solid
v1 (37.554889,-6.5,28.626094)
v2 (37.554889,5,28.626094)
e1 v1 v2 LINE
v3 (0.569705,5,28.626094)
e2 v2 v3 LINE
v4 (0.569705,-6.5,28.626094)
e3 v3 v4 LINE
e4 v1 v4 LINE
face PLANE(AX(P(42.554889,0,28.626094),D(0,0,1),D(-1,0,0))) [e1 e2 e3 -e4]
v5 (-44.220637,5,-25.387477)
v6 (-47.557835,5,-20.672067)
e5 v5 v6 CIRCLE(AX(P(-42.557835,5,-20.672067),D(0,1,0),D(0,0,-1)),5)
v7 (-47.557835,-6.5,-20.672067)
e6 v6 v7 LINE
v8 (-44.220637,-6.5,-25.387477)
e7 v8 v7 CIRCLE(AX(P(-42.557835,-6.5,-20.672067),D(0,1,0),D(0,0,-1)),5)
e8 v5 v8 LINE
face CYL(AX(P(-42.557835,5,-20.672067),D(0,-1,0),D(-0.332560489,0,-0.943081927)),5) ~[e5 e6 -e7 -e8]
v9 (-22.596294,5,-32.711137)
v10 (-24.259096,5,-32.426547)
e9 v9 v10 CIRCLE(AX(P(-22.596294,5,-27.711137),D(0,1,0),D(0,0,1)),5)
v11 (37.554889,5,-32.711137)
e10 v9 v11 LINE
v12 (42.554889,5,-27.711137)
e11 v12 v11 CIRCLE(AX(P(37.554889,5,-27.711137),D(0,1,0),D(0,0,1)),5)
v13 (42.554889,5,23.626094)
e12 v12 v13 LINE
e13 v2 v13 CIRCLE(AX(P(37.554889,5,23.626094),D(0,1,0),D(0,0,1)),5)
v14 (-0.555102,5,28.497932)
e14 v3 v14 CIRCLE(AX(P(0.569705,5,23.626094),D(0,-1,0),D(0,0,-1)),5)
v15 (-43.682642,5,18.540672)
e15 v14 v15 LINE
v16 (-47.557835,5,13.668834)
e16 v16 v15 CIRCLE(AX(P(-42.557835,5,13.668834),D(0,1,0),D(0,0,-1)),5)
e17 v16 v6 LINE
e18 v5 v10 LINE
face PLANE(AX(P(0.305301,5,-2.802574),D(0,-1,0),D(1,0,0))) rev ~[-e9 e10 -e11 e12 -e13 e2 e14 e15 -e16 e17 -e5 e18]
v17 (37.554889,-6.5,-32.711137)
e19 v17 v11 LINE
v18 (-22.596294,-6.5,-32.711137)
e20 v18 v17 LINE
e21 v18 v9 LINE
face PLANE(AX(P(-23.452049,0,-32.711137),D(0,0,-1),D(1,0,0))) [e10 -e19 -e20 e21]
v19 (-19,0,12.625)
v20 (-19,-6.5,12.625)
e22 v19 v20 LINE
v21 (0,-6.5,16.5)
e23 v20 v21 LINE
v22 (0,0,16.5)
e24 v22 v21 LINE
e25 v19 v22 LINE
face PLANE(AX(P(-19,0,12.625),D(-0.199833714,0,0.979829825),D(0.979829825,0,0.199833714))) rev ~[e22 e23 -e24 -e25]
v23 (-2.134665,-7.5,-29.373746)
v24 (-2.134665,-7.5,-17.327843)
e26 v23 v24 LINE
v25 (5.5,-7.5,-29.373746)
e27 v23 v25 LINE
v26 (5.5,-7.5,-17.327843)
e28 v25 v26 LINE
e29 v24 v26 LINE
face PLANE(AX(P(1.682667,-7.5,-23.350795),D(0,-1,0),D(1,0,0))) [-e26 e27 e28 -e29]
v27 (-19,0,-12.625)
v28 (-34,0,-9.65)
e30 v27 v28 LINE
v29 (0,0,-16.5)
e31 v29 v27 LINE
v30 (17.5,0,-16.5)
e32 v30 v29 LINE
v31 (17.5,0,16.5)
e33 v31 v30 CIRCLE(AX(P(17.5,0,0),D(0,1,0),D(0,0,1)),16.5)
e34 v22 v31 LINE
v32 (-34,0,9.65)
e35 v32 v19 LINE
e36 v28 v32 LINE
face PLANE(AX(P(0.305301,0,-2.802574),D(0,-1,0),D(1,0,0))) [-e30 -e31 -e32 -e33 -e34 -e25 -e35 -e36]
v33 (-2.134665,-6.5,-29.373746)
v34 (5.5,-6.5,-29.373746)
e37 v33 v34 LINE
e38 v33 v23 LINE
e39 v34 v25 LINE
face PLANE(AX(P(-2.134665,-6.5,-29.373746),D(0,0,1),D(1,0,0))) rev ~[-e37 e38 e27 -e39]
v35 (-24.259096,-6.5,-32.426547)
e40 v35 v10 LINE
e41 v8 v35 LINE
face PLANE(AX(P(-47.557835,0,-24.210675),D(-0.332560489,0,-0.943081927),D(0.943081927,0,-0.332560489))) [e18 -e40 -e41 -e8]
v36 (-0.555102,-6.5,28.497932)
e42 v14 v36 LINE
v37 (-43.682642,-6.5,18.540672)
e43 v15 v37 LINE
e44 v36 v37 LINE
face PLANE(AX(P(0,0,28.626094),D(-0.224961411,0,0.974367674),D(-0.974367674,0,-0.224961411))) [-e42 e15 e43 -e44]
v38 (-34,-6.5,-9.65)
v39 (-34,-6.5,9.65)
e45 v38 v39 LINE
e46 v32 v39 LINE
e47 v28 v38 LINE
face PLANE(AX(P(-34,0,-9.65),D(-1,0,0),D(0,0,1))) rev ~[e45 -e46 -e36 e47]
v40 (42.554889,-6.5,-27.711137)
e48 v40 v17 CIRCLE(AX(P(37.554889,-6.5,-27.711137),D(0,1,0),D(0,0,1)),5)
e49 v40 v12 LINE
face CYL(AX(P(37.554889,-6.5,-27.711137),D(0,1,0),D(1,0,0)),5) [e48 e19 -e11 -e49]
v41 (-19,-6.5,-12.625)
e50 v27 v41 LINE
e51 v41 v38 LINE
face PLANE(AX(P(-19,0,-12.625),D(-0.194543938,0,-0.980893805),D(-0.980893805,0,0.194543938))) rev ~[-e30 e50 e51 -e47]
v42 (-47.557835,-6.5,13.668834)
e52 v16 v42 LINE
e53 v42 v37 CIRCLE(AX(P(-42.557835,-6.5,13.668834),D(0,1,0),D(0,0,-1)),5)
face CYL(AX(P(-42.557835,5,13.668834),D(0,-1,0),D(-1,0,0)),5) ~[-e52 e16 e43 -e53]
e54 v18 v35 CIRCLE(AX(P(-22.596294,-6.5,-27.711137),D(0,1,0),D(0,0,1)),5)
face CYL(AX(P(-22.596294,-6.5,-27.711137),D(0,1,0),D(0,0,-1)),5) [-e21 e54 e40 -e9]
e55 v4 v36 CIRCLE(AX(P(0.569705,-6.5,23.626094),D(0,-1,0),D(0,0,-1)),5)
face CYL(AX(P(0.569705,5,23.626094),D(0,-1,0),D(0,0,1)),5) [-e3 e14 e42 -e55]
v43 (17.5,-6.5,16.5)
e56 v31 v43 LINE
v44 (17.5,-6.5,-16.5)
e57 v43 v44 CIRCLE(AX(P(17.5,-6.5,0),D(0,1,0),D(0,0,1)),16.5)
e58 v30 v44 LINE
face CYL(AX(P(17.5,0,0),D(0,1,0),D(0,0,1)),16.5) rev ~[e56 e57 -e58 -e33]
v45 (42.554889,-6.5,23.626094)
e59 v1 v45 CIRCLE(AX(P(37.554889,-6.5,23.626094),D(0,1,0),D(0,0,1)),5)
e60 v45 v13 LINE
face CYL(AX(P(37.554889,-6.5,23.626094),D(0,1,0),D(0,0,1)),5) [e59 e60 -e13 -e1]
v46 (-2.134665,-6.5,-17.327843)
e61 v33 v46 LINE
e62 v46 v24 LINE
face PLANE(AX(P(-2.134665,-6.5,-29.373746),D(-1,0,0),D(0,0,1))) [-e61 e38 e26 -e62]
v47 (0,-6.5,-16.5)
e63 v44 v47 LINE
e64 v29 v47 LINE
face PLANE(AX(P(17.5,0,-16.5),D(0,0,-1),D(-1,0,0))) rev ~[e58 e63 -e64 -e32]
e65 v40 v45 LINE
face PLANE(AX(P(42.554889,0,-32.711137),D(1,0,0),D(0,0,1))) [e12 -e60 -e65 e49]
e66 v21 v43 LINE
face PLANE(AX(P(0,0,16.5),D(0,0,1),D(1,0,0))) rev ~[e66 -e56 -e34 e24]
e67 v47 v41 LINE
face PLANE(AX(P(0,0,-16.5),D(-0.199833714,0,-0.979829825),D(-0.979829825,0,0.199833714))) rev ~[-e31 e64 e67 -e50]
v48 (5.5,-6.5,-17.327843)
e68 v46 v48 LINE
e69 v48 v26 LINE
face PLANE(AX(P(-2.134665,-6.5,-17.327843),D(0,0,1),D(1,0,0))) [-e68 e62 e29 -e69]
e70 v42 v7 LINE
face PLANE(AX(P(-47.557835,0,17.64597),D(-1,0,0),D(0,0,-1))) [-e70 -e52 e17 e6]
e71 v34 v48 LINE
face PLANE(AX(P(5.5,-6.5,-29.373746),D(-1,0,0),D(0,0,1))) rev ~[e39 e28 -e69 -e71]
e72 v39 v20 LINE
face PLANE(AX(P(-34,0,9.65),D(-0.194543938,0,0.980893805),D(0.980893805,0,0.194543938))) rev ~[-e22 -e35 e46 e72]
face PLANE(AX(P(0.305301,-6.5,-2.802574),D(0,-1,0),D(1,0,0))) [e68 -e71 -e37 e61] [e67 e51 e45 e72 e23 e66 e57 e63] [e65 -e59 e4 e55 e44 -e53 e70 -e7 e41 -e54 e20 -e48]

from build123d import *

# Parameters (mm, degrees)
F1_DEPTH = 6.5
F2_DEPTH = 5
F3_R     = 5
F4_W     = 7.6346651632
F4_H     = 12.0459031314
F5_DEPTH = 1


with BuildPart() as f1:
    # F0 (on Front) → F1 (new body)
    with BuildSketch(Plane.XZ):
        Polygon((42.5548888743, 28.6260936409), (31.0699325055, 28.6260936409), (0, 28.6260936409), (-47.5578345358, 17.6459699869), (-47.5578345358, -24.210675411), (-23.4520491213, -32.7111370862), (42.5548888743, -32.7111370862), align=None)
        with BuildLine():
            Line((-19, 12.625), (0, 16.5))
            Line((0, 16.5), (17.5, 16.5))
            ThreePointArc((17.5, 16.5), (34, 0), (17.5, -16.5))
            Line((17.5, -16.5), (0, -16.5))
            Line((0, -16.5), (-19, -12.625))
            Line((-19, -12.625), (-34, -9.65))
            Line((-34, -9.65), (-34, 9.65))
            Line((-34, 9.65), (-19, 12.625))
        make_face(mode=Mode.SUBTRACT)
    extrude(amount=F1_DEPTH)

    # F0 (on Front) → F2 (join)
    with BuildSketch(Plane.XZ):
        Polygon((42.5548888743, 28.6260936409), (31.0699325055, 28.6260936409), (0, 28.6260936409), (-47.5578345358, 17.6459699869), (-47.5578345358, -24.210675411), (-23.4520491213, -32.7111370862), (42.5548888743, -32.7111370862), align=None)
        with BuildLine():
            Line((-19, 12.625), (0, 16.5))
            Line((0, 16.5), (17.5, 16.5))
            ThreePointArc((17.5, 16.5), (34, 0), (17.5, -16.5))
            Line((17.5, -16.5), (0, -16.5))
            Line((0, -16.5), (-19, -12.625))
            Line((-19, -12.625), (-34, -9.65))
            Line((-34, -9.65), (-34, 9.65))
            Line((-34, 9.65), (-19, 12.625))
        make_face(mode=Mode.SUBTRACT)
        with BuildLine():
            Line((17.5, 16.5), (0, 16.5))
            Line((0, 16.5), (-19, 12.625))
            Line((-19, 12.625), (-34, 9.65))
            Line((-34, 9.65), (-34, -9.65))
            Line((-34, -9.65), (-19, -12.625))
            Line((-19, -12.625), (0, -16.5))
            Line((0, -16.5), (17.5, -16.5))
            ThreePointArc((17.5, -16.5), (34, 0), (17.5, 16.5))
        make_face()
    extrude(amount=-F2_DEPTH)

    # F3
    f3_edges = [f1.edges().sort_by_distance(p)[0] for p in [
        (42.554889, -0.75, 28.626094),
        (42.554889, -0.75, -32.711137),
        (-47.557835, -0.75, -24.210675),
        (-47.557835, -0.75, 17.64597),
        (0, -0.75, 28.626094),
        (-23.452049, -0.75, -32.711137),
    ]]
    fillet(f3_edges, radius=F3_R)

    # F4 (on face) → F5 (join)
    with BuildSketch(Plane.XZ.offset(6.5)):
        with Locations((1.6826674184, -23.3507947996)):
            Rectangle(F4_W, F4_H)
    extrude(amount=F5_DEPTH)


solid = f1.part
